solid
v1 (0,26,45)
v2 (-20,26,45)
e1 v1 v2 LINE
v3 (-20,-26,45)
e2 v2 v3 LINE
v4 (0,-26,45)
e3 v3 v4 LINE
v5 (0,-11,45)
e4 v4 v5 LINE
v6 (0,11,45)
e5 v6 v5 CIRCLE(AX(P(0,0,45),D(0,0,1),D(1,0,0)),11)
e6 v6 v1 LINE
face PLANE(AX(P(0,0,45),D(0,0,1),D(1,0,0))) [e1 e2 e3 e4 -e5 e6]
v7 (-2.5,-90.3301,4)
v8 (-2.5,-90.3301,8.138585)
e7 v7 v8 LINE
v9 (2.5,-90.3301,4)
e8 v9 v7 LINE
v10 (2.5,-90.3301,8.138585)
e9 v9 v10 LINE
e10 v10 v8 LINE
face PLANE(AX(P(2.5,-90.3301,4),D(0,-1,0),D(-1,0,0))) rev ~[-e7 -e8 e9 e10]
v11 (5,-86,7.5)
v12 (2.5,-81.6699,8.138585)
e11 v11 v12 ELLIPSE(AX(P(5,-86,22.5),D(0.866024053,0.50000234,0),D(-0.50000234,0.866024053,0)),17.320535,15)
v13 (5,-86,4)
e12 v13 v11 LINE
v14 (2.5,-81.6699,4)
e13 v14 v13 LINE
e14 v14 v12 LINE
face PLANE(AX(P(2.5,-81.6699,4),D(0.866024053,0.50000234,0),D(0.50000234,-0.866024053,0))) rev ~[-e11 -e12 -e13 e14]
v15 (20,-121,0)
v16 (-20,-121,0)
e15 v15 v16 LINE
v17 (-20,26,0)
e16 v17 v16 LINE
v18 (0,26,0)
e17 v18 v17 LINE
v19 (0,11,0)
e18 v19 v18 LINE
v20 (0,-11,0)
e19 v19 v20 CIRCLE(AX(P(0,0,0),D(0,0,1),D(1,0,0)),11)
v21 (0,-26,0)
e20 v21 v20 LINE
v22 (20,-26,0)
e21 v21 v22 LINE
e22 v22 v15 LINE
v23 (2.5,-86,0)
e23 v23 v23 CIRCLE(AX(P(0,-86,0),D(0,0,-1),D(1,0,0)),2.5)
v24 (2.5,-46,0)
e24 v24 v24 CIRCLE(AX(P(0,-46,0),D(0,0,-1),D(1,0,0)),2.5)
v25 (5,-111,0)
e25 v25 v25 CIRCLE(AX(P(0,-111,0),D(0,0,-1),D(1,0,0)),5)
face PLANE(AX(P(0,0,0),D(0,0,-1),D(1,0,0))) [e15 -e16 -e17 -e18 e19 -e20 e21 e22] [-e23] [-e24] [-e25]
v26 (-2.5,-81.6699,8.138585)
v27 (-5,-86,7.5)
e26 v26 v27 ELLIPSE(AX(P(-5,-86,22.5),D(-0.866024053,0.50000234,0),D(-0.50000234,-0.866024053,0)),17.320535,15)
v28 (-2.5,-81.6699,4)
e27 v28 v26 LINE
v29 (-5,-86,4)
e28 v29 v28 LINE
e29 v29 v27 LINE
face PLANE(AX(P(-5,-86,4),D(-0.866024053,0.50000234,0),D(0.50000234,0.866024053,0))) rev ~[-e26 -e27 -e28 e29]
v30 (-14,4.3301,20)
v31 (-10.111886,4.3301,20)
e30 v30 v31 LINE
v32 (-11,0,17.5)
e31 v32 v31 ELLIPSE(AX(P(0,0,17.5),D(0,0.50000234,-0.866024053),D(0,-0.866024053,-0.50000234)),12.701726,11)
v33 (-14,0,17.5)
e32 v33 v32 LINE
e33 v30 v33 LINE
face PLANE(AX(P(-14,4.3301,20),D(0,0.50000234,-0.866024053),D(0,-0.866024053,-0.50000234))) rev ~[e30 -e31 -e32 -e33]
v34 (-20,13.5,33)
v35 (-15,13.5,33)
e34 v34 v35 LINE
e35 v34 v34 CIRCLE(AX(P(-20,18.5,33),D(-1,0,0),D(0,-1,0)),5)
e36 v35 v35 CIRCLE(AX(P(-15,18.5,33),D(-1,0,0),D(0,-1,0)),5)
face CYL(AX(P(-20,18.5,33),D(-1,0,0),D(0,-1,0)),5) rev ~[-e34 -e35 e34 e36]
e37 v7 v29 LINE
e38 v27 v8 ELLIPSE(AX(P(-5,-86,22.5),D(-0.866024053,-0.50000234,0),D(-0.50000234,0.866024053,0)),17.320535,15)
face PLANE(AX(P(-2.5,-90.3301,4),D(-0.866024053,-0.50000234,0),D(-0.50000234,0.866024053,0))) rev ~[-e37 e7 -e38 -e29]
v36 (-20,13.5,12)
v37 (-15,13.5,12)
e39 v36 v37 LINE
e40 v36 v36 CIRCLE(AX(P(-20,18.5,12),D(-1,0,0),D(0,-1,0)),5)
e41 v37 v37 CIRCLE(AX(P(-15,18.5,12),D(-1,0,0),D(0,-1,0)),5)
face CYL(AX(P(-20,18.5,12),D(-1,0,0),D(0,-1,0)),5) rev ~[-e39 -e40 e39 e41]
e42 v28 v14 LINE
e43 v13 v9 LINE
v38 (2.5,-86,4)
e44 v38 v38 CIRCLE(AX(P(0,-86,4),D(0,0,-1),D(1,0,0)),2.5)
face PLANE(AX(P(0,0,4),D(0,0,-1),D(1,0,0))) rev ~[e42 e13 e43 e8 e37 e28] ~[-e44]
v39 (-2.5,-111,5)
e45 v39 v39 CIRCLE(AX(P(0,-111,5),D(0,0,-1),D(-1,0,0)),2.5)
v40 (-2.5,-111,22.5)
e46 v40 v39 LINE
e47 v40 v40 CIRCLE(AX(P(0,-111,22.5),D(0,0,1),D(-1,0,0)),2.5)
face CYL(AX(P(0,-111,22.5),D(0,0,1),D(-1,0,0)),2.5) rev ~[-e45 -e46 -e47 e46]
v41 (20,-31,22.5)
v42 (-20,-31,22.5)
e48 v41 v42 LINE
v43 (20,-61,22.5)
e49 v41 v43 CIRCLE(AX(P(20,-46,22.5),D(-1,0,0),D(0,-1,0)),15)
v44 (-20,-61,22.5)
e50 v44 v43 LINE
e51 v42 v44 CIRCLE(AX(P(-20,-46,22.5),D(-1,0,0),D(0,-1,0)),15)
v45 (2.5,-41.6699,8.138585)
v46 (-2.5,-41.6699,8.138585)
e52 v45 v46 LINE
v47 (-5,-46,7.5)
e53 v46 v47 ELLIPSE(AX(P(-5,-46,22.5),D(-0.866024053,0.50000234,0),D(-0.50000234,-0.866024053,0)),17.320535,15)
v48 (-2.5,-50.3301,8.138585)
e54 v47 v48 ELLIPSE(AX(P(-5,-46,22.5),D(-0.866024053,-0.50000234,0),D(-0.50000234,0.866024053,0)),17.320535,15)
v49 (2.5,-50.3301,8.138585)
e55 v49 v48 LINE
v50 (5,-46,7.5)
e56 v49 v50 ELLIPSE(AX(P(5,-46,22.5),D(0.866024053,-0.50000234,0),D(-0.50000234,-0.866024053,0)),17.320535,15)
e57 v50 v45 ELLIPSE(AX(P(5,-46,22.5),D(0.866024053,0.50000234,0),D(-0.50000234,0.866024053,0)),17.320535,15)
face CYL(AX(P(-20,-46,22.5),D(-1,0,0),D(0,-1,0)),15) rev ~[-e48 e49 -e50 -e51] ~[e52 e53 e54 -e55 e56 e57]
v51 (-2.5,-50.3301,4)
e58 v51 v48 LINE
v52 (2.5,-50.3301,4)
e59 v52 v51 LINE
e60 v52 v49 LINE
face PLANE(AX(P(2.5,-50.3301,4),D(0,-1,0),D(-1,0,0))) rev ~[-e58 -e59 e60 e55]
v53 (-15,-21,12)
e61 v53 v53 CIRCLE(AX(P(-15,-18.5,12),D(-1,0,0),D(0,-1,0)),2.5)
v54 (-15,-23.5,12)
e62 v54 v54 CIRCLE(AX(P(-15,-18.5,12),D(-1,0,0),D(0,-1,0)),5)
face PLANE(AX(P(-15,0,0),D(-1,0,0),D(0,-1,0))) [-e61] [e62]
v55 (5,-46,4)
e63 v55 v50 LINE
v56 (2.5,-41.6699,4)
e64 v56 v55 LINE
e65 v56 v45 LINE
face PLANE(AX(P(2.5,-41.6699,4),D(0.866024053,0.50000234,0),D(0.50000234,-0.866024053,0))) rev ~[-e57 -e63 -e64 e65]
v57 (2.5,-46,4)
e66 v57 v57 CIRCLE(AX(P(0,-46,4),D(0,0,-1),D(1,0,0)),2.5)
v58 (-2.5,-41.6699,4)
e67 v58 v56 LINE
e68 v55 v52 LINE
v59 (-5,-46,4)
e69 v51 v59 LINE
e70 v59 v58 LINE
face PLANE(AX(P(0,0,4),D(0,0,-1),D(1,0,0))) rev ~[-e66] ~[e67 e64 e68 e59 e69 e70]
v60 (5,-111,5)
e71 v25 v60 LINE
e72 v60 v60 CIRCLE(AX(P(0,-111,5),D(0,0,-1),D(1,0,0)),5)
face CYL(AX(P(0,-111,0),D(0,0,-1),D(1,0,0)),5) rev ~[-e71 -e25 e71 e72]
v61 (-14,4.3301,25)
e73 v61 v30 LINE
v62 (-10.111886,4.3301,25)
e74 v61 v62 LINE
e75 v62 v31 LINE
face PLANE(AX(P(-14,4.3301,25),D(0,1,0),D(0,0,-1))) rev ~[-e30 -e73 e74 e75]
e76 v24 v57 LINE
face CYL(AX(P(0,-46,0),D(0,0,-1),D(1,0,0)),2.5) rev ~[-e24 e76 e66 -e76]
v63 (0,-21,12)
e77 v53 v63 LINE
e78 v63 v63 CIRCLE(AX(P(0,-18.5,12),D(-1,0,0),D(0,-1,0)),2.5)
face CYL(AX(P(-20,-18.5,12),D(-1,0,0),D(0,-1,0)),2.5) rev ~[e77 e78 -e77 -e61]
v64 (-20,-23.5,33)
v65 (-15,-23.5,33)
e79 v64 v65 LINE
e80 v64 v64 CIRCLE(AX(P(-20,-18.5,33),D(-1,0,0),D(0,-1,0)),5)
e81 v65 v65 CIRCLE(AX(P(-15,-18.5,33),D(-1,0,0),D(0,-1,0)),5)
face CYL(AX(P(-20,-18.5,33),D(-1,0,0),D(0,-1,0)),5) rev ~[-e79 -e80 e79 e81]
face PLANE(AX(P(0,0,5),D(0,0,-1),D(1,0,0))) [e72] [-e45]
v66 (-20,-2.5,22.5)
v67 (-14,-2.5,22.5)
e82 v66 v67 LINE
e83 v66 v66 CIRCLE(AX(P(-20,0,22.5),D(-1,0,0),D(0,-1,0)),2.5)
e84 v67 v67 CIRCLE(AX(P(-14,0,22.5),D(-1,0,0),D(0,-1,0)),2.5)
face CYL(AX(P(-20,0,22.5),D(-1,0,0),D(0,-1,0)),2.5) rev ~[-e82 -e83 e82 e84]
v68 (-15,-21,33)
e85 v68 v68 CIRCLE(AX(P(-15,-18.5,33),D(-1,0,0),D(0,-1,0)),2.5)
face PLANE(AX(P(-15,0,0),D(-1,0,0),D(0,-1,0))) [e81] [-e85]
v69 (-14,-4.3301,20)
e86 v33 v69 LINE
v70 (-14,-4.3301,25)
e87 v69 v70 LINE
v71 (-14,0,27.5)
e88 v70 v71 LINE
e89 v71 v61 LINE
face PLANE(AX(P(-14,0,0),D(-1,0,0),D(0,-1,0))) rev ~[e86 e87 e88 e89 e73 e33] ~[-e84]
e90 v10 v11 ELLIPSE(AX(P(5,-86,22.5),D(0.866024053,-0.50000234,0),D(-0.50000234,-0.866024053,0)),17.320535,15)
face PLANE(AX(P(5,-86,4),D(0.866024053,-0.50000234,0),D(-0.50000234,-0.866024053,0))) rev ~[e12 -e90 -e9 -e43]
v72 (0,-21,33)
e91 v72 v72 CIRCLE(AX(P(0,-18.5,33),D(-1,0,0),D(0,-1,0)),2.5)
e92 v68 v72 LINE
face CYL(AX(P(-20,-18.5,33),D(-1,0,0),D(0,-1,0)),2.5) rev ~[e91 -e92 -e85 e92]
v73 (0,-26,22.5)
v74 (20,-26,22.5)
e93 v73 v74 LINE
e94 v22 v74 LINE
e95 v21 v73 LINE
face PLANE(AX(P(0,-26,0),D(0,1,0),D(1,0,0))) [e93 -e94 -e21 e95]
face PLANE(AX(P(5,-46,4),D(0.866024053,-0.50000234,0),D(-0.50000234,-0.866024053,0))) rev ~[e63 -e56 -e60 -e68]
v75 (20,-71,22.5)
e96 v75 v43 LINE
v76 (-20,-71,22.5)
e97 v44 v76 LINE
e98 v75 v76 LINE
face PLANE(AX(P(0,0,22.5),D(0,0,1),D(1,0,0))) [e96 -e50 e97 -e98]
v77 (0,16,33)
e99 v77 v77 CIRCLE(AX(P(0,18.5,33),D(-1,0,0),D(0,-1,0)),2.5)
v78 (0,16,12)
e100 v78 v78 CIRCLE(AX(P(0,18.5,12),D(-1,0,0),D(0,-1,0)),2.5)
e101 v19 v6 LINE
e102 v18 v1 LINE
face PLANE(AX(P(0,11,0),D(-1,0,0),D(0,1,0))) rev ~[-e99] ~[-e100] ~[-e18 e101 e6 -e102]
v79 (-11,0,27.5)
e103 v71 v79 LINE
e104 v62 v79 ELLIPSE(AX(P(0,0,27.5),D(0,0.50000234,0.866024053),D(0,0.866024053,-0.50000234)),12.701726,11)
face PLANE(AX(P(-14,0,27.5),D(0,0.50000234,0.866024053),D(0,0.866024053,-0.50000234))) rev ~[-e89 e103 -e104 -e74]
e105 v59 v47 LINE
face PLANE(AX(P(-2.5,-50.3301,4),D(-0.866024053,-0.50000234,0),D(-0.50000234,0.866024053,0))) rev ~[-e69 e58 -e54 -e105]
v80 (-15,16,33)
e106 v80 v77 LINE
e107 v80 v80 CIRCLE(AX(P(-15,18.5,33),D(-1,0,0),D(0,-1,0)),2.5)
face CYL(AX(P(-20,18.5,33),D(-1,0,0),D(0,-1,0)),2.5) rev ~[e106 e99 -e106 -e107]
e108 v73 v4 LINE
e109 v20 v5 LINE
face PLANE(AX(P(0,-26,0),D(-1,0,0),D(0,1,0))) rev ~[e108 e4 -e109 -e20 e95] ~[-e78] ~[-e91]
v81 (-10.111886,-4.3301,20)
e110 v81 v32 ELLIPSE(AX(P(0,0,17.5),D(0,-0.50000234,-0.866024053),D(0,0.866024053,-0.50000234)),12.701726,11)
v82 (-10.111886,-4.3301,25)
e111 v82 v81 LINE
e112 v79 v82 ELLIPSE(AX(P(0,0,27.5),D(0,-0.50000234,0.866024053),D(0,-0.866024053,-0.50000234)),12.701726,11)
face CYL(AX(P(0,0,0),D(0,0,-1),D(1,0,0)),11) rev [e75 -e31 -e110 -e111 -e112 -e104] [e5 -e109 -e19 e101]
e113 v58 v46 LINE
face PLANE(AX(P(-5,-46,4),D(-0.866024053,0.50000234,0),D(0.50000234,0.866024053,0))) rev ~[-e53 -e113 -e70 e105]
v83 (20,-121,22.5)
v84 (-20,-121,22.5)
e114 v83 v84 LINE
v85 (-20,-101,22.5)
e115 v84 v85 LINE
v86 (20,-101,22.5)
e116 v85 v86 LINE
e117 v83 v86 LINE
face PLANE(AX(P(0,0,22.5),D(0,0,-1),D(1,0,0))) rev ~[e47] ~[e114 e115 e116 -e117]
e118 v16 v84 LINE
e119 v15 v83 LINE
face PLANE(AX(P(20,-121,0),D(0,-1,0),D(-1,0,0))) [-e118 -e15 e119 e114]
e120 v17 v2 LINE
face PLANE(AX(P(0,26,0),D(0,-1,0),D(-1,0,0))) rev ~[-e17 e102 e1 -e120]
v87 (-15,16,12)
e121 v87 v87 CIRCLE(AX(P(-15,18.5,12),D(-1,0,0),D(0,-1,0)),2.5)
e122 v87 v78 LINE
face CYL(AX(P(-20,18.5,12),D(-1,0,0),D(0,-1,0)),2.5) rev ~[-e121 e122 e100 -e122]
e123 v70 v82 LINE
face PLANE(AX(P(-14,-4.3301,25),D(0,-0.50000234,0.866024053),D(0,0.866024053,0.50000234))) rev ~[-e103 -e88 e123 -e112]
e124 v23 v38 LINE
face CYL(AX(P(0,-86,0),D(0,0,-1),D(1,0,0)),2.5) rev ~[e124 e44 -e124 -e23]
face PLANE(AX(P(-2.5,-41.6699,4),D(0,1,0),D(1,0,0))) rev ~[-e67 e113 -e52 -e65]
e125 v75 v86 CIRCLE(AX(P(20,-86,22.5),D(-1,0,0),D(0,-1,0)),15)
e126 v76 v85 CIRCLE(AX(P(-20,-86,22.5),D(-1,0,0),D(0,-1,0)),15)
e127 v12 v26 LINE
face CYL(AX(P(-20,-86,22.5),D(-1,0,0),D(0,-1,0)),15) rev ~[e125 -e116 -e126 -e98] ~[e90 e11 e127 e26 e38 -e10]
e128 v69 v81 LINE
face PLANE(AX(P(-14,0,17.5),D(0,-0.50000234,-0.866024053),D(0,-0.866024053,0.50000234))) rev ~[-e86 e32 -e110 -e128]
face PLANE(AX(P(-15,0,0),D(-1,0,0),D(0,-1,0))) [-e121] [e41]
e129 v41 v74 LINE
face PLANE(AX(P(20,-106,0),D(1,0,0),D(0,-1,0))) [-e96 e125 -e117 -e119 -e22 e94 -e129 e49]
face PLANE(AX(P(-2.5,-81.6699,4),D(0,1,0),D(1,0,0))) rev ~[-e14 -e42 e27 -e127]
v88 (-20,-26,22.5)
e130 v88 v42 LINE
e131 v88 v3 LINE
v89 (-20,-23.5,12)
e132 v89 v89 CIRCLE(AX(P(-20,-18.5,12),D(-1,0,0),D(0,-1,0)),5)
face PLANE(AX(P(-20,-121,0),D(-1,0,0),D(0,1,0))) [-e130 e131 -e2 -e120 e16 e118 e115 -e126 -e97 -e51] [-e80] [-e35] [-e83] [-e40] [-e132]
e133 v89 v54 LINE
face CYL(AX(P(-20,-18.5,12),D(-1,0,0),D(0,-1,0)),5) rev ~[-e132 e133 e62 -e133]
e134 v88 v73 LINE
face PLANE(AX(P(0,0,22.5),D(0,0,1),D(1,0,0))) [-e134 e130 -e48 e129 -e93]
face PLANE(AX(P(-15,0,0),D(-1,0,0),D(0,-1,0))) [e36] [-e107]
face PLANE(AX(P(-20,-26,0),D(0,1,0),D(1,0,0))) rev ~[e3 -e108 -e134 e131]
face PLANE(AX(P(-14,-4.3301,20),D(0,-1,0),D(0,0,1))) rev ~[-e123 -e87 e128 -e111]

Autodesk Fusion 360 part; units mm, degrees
sketch "Sketch3" plane through (0, 0, 0) normal (0, 0, 1) x (1, 0, 0)
  circle A0 centre (0, 0) radius 11
  line L0 (0, 11) -> (0, 26)
  line L1 (0, 26) -> (-20, 26)
  line L2 (-20, 26) -> (-20, -26)
  line L3 (-20, -26) -> (0, -26)
  line L4 (0, -26) -> (0, -11)
  line L5 (0, -26) -> (20, -26)
  line L6 (-20, -26) -> (-20, -106)
  line L7 (-20, -106) -> (20, -106)
  line L8 (20, -106) -> (20, -26)
  dimension "d15" = 22
  dimension "d16" = 15
  dimension "d17" = 20
  dimension "d18" = 52
  dimension "d19" = 20
  dimension "d20" = 80
  dimension "d21" = 40
extrude "Extrude4" add sketch "Sketch3" along normal blind 45 contours A0 L0 L1 L2 L3 L4
extrude "Extrude5" add sketch "Sketch3" along normal blind 22.5 contours L3 L5 L6 L7 L8
sketch "Sketch4" plane through (-20, 0, 0) normal (-1, 0, 0) x (0, -1, 0)
  line L0 (-26, 0) -> (106, 0)
  line L1 (106, 0) -> (106, 22.5)
  line L2 (106, 22.5) -> (26, 22.5)
  line L3 (26, 22.5) -> (26, 45)
  line L4 (26, 45) -> (-26, 45)
  line L5 (-26, 45) -> (-26, 0)
  line L6 (-26, 45) -> (-18.5, 45) construction
  line L7 (26, 45) -> (18.5, 45) construction
  line L8 (-18.5, 45) -> (-18.5, 33) construction
  circle A0 centre (-18.5, 33) radius 2.5
  circle A1 centre (18.5, 33) radius 2.5
  circle A2 centre (-18.5, 12) radius 2.5
  circle A3 centre (18.5, 12) radius 2.5
  line L9 (-26, 45) -> (26, 45) construction
  line L10 (0, 45) -> (0, 0) construction
  circle A4 centre (0, 22.5) radius 2.5
  dimension "d26" = 7.5
  dimension "d27" = 7.5
  dimension "d28" = 12
  dimension "d29" = 5
  dimension "d32" = 37
  dimension "d33" = -21
  dimension "d36" = 5
extrude "Extrude6" cut sketch "Sketch4" against normal blind 40 contours A0 | A1 | A2 | A3 | A4
sketch "Sketch5" plane through (-20, 0, 0) normal (-1, 0, 0) x (0, -1, 0)
  circle A0 centre (18.5, 33) radius 2.5
  circle A1 centre (18.5, 12) radius 2.5
  circle A2 centre (-18.5, 33) radius 2.5
  circle A3 centre (-18.5, 12) radius 2.5
  line L0 (-26, 0) -> (106, 0)
  line L1 (106, 0) -> (106, 22.5)
  line L2 (106, 22.5) -> (26, 22.5)
  line L3 (26, 22.5) -> (26, 45)
  line L4 (26, 45) -> (-26, 45)
  line L5 (-26, 45) -> (-26, 0)
  circle A4 centre (0, 22.5) radius 2.5
  circle A5 centre (-18.5, 33) radius 5
  circle A6 centre (18.5, 33) radius 5
  circle A7 centre (-18.5, 12) radius 5
  circle A8 centre (18.5, 12) radius 5
  dimension "d37" = 10
  dimension "d40" = 37
  dimension "d41" = -21
sketch "Sketch6" plane through (-20, 0, 0) normal (-1, 0, 0) x (0, -1, 0)
  line L0 (106, 22.5) -> (86, 22.5) construction
  circle A0 centre (86, 22.5) radius 15
  circle A1 centre (46, 22.5) radius 15
  dimension "d42" = 20
  dimension "d43" = 30
  dimension "d46" = -40
  dimension "d47" = 0
extrude "Extrude7" cut sketch "Sketch6" against normal blind 400
sketch "Sketch7" plane through (-20, 0, 0) normal (-1, 0, 0) x (0, -1, 0)
  line L0 (0, 22.5) -> (0, 27.5) construction
  line L1 (0, 27.5) -> (-4.3301, 25)
  line L2 (-4.3301, 25) -> (-4.3301, 20)
  line L3 (-4.3301, 20) -> (0, 17.5)
  line L4 (0, 17.5) -> (4.3301, 20)
  line L5 (4.3301, 20) -> (4.3301, 25)
  line L6 (4.3301, 25) -> (0, 27.5)
  point P0 (0, 22.5)
  dimension "d50" = 5
extrude "Extrude8" cut sketch "Sketch7" against normal blind 5 from surface at -6
sketch "Sketch8" plane through (0, 0, 0) normal (0, 0, -1) x (1, 0, 0)
  line L0 (0, -26) -> (0, -11)
  arc A0 (0, 11) -> (0, -11) centre (0, 0) ccw
  line L1 (0, 11) -> (0, 26)
  line L2 (0, 26) -> (20, 26)
  line L3 (20, 26) -> (20, 106)
  line L4 (20, 106) -> (-20, 106)
  line L5 (-20, 106) -> (-20, -26)
  line L6 (-20, -26) -> (0, -26)
  line L7 (0, 26) -> (0, 46) construction
  circle A1 centre (0, 46) radius 2.5
  circle A2 centre (0, 86) radius 2.5
  dimension "d54" = 20
  dimension "d55" = 5
  dimension "d58" = 0
  dimension "d59" = 40
extrude "Extrude9" cut sketch "Sketch8" against normal blind 20 contours A1 | A2
sketch "Sketch9" plane through (0, 0, 0) normal (0, 0, -1) x (1, 0, 0)
  circle A0 centre (0, 46) radius 2.5
  circle A1 centre (0, 86) radius 2.5
  line L0 (0, -26) -> (0, -11)
  arc A2 (0, 11) -> (0, -11) centre (0, 0) ccw
  line L1 (0, 11) -> (0, 26)
  line L2 (0, 26) -> (20, 26)
  line L3 (20, 26) -> (20, 106)
  line L4 (20, 106) -> (-20, 106)
  line L5 (-20, 106) -> (-20, -26)
  line L6 (-20, -26) -> (0, -26)
  line L7 (0, 46) -> (-5, 46) construction
  line L8 (0, 86) -> (-5, 86) construction
  line L9 (-5, 46) -> (-2.5, 41.6699)
  line L10 (-2.5, 41.6699) -> (2.5, 41.6699)
  line L11 (2.5, 41.6699) -> (5, 46)
  line L12 (5, 46) -> (2.5, 50.3301)
  line L13 (2.5, 50.3301) -> (-2.5, 50.3301)
  line L14 (-2.5, 50.3301) -> (-5, 46)
  line L15 (-5, 86) -> (-2.5, 81.6699)
  line L16 (-2.5, 81.6699) -> (2.5, 81.6699)
  line L17 (2.5, 81.6699) -> (5, 86)
  line L18 (5, 86) -> (2.5, 90.3301)
  line L19 (2.5, 90.3301) -> (-2.5, 90.3301)
  line L20 (-2.5, 90.3301) -> (-5, 86)
  point P0 (0, 46)
  point P1 (0, 86)
  dimension "d62" = 5
  dimension "d63" = 5
extrude "Extrude10" cut sketch "Sketch9" against normal blind 6 from surface at -4 contours L9 L10 L11 L12 L13 L14 | L15 L16 L17 L18 L19 L20
sketch "Sketch10" plane through (-20, 0, 0) normal (-1, 0, 0) x (0, -1, 0)
  arc A0 (71, 22.5) -> (101, 22.5) centre (86, 22.5) ccw
  line L0 (71, 22.5) -> (61, 22.5)
  arc A1 (31, 22.5) -> (61, 22.5) centre (46, 22.5) ccw
  line L1 (31, 22.5) -> (26, 22.5)
  line L2 (26, 22.5) -> (26, 45)
  line L3 (26, 45) -> (-26, 45)
  line L4 (-26, 45) -> (-26, 0)
  line L5 (-26, 0) -> (106, 0)
  line L6 (106, 0) -> (106, 22.5)
  line L7 (106, 22.5) -> (101, 22.5)
  circle A2 centre (0, 22.5) radius 2.5
  circle A3 centre (-18.5, 33) radius 2.5
  circle A4 centre (-18.5, 12) radius 2.5
  circle A5 centre (18.5, 33) radius 2.5
  circle A6 centre (18.5, 12) radius 2.5
  circle A7 centre (-18.5, 12) radius 5
  circle A8 centre (-18.5, 33) radius 5
  circle A9 centre (18.5, 33) radius 5
  circle A10 centre (18.5, 12) radius 5
  dimension "d67" = 10
  dimension "d68" = 10
  dimension "d69" = 10
  dimension "d70" = 10
extrude "Extrude11" cut sketch "Sketch10" against normal blind 5 contours A7 | A8 | A9 | A10
sketch "Sketch11" plane through (0, 0, 0) normal (0, 0, -1) x (1, 0, 0)
  circle A0 centre (0, 46) radius 2.5
  circle A1 centre (0, 86) radius 2.5
  line L0 (0, -26) -> (0, -11)
  arc A2 (0, 11) -> (0, -11) centre (0, 0) ccw
  line L1 (0, 11) -> (0, 26)
  line L2 (0, 26) -> (20, 26)
  line L3 (20, 26) -> (20, 106)
  line L4 (20, 106) -> (-20, 106)
  line L5 (-20, 106) -> (-20, -26)
  line L6 (-20, -26) -> (0, -26)
  line L7 (-20, 106) -> (20, 106)
  line L8 (20, 106) -> (20, 121)
  line L9 (20, 121) -> (-20, 121)
  line L10 (-20, 121) -> (-20, 106)
  dimension "d73" = 15
extrude "Extrude12" add sketch "Sketch11" against normal blind 22.5 contours L4 L7 L8 L9 L10
sketch "Sketch12" plane through (0, 0, 22.5) normal (0, 0, 1) x (-1, 0, 0)
  line L0 (-20, 101) -> (20, 101)
  line L1 (20, 101) -> (20, 121)
  line L2 (20, 121) -> (-20, 121)
  line L3 (-20, 121) -> (-20, 101)
  line L4 (0, 101) -> (0, 121) construction
  circle A0 centre (0, 111) radius 2.5
  dimension "d76" = 5
extrude "Extrude13" cut sketch "Sketch12" against normal blind 22.5 contours A0
sketch "Sketch13" plane through (0, 0, 0) normal (0, 0, -1) x (1, 0, 0)
  circle A0 centre (0, 111) radius 2.5
  circle A1 centre (0, 46) radius 2.5
  circle A2 centre (0, 86) radius 2.5
  line L0 (0, -26) -> (0, -11)
  arc A3 (0, 11) -> (0, -11) centre (0, 0) ccw
  line L1 (0, 11) -> (0, 26)
  line L2 (0, 26) -> (20, 26)
  line L3 (20, 26) -> (20, 121)
  line L4 (20, 121) -> (-20, 121)
  line L5 (-20, 121) -> (-20, -26)
  line L6 (-20, -26) -> (0, -26)
  circle A4 centre (0, 111) radius 5
  dimension "d79" = 10
extrude "Extrude14" cut sketch "Sketch13" against normal blind 5 contours A4
equation "d51 = 0 mm - 6.00 mm"
